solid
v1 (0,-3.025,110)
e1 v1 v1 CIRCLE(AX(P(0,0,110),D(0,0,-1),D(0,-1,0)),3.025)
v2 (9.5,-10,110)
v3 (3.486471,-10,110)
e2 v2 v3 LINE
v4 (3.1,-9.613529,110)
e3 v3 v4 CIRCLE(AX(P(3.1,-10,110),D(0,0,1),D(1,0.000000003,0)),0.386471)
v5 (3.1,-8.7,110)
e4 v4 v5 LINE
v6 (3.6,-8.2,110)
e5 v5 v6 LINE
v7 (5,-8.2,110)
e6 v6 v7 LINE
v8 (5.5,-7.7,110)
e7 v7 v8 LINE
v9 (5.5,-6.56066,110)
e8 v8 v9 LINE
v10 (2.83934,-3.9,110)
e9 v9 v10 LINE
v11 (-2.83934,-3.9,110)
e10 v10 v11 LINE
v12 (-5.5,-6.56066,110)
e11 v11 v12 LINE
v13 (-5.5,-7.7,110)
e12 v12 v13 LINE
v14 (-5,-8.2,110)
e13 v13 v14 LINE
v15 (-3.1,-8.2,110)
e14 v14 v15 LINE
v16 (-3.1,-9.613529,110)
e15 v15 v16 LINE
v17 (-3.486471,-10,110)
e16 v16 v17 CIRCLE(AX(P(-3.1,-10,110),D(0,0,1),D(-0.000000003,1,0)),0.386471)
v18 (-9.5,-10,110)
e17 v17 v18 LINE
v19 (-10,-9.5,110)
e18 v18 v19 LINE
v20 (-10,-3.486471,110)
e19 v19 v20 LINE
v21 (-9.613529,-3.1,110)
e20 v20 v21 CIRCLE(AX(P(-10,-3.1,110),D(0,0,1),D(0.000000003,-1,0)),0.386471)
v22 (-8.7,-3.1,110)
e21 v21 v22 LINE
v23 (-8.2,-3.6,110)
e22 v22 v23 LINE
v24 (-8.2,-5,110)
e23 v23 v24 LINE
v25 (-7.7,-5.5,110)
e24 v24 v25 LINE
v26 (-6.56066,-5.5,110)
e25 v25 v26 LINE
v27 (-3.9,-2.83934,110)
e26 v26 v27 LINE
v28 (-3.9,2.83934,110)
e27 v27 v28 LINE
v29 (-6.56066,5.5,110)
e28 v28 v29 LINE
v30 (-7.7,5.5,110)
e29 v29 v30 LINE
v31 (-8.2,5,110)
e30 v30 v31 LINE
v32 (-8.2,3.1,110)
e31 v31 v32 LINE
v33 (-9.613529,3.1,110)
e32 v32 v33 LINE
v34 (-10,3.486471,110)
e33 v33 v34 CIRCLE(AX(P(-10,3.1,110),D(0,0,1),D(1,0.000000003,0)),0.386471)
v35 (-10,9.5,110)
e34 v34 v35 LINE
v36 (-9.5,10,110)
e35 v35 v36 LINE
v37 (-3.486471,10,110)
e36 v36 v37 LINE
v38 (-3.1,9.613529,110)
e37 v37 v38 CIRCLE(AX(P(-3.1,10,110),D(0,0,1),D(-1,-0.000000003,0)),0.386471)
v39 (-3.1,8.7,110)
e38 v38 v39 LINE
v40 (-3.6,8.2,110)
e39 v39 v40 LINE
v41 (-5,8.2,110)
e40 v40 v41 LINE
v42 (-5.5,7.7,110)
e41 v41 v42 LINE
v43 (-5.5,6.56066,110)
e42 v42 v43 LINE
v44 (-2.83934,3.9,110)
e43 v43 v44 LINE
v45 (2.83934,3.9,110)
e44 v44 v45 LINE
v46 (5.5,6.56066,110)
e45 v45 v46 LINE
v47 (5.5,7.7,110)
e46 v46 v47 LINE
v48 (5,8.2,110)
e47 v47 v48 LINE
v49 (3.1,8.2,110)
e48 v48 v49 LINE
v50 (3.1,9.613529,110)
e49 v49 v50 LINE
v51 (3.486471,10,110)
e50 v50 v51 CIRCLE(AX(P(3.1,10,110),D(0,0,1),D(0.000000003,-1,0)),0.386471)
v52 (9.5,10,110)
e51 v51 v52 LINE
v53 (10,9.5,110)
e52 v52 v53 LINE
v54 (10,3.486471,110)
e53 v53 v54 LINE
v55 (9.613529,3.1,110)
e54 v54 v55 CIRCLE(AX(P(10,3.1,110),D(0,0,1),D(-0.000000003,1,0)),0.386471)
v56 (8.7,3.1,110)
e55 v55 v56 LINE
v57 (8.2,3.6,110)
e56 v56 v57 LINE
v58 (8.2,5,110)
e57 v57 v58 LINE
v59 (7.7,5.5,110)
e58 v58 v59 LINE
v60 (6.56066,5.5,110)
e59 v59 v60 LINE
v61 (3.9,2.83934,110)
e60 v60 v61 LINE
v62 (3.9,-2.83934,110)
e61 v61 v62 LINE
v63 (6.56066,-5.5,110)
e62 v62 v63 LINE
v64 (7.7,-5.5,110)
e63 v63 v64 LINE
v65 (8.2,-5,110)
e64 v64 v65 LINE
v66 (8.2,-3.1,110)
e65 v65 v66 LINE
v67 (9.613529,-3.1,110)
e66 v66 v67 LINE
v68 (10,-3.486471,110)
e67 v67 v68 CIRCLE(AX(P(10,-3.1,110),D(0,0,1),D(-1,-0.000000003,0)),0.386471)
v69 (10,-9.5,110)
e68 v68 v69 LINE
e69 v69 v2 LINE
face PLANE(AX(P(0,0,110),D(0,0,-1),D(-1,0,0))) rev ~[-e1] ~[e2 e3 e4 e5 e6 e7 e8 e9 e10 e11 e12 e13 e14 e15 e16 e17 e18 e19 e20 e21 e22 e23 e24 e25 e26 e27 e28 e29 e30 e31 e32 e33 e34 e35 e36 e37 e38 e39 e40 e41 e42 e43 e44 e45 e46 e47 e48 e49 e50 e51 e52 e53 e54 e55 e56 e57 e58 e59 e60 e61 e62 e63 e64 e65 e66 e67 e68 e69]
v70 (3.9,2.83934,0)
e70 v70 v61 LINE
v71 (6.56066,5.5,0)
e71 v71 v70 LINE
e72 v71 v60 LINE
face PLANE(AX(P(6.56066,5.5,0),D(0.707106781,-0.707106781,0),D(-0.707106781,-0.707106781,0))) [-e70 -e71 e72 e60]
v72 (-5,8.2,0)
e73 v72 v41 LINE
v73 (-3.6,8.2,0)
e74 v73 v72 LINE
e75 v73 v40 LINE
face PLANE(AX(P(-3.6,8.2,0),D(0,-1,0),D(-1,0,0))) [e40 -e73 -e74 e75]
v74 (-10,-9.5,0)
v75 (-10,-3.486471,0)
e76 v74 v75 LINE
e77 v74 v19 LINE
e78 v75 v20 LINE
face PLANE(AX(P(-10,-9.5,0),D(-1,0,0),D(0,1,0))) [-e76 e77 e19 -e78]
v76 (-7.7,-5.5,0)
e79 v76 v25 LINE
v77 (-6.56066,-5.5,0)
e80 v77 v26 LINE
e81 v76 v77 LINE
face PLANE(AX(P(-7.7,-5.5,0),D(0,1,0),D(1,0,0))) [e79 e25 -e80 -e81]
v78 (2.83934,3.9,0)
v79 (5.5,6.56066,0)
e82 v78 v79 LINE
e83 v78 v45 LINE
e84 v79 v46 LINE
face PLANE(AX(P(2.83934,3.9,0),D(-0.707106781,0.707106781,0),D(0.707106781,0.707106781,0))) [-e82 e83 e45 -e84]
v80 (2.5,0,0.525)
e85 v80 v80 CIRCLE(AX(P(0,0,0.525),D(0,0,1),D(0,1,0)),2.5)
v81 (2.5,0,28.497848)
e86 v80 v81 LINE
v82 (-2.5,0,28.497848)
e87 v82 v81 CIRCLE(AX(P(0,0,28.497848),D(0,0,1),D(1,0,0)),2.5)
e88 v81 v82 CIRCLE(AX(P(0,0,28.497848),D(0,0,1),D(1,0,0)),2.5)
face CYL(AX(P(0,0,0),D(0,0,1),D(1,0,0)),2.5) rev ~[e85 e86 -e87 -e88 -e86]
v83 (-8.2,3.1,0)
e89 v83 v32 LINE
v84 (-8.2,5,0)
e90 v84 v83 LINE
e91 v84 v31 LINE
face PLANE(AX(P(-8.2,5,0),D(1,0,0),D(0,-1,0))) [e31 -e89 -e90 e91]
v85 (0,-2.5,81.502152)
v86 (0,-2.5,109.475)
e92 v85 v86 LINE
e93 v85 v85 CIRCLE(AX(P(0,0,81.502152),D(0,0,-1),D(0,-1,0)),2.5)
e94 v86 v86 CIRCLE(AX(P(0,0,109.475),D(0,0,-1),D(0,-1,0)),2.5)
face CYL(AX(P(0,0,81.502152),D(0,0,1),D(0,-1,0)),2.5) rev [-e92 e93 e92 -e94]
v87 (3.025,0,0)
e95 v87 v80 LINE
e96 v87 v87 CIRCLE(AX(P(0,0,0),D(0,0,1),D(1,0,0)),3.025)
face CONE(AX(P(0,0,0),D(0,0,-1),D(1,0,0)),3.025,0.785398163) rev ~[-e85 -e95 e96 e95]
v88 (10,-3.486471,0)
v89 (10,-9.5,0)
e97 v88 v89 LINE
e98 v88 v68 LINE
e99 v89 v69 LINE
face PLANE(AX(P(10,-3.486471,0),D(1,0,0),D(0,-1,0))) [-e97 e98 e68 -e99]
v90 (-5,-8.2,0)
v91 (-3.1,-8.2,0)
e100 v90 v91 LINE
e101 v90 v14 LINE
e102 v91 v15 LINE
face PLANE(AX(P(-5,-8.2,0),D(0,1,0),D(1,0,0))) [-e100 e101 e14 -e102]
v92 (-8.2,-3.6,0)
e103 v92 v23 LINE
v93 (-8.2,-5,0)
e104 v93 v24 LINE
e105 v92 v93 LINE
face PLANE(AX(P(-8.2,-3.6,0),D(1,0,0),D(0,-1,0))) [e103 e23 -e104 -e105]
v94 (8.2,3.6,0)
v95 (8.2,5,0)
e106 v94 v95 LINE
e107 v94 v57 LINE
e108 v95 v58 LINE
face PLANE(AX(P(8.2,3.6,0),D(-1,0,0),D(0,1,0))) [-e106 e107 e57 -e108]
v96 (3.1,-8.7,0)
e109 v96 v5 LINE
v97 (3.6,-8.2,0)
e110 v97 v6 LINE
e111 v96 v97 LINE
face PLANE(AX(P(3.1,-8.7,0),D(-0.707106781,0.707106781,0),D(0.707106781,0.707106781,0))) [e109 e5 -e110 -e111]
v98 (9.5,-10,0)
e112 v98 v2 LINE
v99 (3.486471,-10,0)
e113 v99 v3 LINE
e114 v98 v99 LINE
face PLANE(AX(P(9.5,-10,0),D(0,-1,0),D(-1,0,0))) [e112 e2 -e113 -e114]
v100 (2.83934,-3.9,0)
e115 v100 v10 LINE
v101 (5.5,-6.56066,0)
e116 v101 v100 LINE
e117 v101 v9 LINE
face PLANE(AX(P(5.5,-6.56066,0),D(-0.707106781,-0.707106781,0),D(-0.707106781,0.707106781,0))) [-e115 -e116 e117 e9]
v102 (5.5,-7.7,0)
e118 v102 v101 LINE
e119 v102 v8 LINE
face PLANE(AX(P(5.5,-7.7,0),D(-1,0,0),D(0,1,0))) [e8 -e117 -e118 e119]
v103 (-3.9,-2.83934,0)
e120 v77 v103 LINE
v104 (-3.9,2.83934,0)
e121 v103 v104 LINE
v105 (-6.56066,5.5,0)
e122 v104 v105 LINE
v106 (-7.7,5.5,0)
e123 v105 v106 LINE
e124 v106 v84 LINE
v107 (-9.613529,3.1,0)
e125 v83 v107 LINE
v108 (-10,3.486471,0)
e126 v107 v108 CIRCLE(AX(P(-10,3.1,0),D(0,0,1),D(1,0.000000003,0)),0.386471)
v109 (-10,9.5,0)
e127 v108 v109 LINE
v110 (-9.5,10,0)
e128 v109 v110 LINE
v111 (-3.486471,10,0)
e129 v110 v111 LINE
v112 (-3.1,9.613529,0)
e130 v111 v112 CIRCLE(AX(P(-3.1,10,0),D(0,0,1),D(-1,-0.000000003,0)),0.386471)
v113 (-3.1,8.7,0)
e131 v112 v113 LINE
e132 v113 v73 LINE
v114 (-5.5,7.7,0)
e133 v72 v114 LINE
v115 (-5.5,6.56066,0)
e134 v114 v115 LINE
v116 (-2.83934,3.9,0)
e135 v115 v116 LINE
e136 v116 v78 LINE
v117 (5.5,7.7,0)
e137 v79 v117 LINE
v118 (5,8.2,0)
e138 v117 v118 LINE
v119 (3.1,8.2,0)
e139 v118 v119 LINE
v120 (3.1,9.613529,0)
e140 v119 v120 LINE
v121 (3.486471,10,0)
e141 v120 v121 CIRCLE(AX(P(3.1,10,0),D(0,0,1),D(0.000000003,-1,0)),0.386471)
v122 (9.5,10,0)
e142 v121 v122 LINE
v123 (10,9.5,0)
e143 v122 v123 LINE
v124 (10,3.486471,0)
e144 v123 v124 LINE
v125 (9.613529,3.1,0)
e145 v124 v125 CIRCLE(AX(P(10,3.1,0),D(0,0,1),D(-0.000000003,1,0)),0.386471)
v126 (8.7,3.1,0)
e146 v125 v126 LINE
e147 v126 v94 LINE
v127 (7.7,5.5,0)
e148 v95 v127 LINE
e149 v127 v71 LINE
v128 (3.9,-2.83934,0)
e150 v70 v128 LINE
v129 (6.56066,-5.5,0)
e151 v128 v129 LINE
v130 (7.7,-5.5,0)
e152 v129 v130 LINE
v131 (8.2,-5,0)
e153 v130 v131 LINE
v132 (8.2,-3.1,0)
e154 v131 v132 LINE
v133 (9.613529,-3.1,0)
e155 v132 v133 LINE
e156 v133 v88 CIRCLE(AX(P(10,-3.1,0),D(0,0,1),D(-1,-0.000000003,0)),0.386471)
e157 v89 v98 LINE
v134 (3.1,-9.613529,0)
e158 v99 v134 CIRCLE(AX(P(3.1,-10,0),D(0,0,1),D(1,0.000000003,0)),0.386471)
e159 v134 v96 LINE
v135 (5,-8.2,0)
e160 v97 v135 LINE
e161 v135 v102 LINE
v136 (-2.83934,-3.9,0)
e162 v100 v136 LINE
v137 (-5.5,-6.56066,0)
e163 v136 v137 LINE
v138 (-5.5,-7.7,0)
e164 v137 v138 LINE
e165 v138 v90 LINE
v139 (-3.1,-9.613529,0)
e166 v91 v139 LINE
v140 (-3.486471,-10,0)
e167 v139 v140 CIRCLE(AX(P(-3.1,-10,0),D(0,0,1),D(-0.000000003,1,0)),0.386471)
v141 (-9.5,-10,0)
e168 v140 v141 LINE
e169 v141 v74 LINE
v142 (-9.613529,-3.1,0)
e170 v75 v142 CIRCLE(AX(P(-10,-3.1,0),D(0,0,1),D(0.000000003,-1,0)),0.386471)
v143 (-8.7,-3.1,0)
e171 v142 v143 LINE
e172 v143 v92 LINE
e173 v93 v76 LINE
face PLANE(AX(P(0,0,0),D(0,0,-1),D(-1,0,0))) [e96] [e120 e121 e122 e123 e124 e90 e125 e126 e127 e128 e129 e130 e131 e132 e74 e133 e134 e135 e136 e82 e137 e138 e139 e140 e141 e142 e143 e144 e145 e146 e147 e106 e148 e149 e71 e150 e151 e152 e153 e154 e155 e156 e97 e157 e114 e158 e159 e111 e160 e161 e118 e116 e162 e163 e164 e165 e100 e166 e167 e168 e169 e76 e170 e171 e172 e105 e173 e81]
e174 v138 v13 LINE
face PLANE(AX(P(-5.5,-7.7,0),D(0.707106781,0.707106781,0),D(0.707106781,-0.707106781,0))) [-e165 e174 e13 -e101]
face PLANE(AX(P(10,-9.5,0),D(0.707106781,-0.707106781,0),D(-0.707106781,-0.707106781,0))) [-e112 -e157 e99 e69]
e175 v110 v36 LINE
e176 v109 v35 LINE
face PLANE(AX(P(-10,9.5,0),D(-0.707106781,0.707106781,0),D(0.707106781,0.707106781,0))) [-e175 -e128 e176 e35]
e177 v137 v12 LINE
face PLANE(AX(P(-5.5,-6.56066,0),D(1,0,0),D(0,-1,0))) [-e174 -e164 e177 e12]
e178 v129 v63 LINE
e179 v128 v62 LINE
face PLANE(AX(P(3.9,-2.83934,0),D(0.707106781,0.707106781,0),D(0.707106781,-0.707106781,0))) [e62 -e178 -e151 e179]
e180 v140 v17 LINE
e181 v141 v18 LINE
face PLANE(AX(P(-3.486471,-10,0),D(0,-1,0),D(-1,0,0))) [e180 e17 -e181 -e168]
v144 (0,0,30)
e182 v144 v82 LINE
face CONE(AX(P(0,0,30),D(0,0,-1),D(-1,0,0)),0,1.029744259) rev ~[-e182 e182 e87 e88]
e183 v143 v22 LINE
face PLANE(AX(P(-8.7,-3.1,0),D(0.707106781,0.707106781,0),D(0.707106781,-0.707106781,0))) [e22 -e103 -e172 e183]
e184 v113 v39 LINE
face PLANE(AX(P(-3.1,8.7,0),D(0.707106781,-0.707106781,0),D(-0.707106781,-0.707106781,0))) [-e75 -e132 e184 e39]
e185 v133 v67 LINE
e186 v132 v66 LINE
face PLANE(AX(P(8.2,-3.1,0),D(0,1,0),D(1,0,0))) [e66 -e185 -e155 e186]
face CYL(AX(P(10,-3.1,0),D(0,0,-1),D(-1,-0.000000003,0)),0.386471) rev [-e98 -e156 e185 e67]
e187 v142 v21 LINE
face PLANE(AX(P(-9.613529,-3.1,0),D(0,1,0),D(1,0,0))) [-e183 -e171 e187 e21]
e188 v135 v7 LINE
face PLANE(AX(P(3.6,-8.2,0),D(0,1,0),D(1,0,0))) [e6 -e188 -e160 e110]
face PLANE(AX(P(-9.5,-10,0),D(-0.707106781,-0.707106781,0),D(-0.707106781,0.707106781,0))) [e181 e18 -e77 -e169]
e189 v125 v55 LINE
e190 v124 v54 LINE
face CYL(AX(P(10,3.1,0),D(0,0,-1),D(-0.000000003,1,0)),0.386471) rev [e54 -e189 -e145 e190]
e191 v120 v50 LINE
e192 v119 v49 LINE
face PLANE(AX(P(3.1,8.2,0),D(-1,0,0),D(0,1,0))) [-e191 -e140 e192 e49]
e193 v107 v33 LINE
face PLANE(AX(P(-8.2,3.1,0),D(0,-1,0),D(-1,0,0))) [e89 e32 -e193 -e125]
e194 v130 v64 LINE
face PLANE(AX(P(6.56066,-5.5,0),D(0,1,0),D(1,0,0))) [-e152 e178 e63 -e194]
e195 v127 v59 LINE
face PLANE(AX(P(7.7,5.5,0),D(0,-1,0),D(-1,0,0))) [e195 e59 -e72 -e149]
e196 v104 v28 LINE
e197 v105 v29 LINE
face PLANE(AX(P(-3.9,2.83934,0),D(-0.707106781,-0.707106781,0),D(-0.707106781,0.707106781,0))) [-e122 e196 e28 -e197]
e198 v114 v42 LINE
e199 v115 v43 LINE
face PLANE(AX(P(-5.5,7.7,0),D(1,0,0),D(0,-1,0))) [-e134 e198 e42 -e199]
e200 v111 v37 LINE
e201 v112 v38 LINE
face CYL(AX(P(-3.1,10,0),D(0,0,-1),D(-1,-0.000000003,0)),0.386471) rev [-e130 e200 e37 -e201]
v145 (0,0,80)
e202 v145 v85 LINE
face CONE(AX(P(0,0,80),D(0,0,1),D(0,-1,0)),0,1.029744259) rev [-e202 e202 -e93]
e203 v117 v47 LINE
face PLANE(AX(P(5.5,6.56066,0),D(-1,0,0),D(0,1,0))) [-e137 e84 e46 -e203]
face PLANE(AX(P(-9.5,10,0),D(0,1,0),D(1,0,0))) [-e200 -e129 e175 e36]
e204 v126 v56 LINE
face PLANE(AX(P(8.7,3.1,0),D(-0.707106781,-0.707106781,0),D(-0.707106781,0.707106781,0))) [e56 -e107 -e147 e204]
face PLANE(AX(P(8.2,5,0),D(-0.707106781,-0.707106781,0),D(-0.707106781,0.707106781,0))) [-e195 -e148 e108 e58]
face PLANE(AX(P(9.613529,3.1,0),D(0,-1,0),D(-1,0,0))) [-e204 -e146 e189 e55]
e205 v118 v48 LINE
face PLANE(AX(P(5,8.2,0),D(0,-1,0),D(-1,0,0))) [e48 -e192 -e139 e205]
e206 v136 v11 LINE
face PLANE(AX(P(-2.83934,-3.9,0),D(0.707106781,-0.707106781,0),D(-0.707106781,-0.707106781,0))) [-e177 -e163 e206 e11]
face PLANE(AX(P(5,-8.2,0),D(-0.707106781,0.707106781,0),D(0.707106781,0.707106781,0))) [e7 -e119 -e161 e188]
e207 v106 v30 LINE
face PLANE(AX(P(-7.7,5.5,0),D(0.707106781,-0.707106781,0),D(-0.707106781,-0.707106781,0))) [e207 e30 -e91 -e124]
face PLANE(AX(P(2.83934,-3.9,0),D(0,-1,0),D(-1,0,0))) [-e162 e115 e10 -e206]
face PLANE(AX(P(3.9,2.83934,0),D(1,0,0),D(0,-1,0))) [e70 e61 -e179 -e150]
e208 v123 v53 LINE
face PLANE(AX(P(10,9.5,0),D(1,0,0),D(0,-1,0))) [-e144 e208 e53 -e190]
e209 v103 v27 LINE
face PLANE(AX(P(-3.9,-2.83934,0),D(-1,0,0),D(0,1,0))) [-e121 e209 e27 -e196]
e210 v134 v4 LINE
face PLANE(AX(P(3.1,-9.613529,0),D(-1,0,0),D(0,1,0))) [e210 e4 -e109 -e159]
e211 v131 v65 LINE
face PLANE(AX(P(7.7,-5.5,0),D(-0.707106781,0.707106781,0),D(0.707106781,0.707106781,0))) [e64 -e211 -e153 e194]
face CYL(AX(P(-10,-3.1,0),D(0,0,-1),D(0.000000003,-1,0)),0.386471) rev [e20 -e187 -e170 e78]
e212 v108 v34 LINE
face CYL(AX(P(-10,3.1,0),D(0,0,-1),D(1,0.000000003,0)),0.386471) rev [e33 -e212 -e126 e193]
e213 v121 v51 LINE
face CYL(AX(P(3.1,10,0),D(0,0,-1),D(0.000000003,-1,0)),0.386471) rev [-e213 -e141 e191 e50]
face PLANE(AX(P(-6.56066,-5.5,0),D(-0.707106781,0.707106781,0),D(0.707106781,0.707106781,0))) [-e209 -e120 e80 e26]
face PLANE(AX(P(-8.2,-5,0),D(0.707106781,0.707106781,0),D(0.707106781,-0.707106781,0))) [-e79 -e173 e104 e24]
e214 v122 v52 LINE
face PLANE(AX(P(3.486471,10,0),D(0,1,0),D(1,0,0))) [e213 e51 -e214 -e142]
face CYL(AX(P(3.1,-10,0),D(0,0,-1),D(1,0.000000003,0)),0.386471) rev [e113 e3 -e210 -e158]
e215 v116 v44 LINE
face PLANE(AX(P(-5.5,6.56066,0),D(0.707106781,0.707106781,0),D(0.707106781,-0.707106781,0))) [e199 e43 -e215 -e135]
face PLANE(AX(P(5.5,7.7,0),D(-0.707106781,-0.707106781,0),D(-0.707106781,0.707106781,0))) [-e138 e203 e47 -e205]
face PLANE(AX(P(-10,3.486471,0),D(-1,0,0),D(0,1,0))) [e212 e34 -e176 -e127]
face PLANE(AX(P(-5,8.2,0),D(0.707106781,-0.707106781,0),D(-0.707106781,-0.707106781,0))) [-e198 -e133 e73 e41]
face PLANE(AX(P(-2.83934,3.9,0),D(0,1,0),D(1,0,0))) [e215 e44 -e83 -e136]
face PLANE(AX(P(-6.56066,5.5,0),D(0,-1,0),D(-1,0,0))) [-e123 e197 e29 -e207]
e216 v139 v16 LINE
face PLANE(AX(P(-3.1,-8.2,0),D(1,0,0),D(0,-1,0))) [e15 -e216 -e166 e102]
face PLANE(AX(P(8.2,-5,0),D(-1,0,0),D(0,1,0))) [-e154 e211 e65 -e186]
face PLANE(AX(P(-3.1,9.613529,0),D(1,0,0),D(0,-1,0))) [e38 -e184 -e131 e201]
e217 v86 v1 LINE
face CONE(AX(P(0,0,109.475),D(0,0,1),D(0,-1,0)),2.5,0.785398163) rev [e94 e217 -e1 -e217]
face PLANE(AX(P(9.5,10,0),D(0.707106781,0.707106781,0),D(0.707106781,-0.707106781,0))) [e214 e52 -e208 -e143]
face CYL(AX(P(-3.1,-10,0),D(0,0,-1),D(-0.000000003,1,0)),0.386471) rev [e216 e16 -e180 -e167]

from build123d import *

# Parameters (mm, degrees)
BOSS_EXTRUDE1_DEPTH             = 110
M6X1_0_TAPPED_HOLE2_D           = 5
M6X1_0_TAPPED_HOLE2_DEPTH       = 28.497848452
M6X1_0_TAPPED_HOLE2_CSINK_D     = 6.05
M6X1_0_TAPPED_HOLE2_CSINK_ANGLE = 90
M6X1_0_TAPPED_HOLE2_TIP         = 1.502151548


with BuildPart() as part:
    # Sketch1 → Boss-Extrude1 (new body)
    with BuildSketch(Plane.XY):
        with BuildLine():
            Line((-9.5, 10), (-3.486470896, 10))
            ThreePointArc((-3.486470896, 10), (-3.373276191, 9.726723809), (-3.1, 9.613529104))
            Line((-3.1, 9.613529104), (-3.1, 8.7))
            Line((-3.1, 8.7), (-3.6, 8.2))
            Line((-3.6, 8.2), (-5, 8.2))
            Line((-5, 8.2), (-5.5, 7.7))
            Line((-5.5, 7.7), (-5.5, 6.560660172))
            Line((-5.5, 6.560660172), (-2.839339828, 3.9))
            Line((-2.839339828, 3.9), (0, 3.9))
            Line((0, 3.9), (2.839339828, 3.9))
            Line((2.839339828, 3.9), (5.5, 6.560660172))
            Line((5.5, 6.560660172), (5.5, 7.7))
            Line((5.5, 7.7), (5, 8.2))
            Line((5, 8.2), (3.1, 8.2))
            Line((3.1, 8.2), (3.1, 9.613529104))
            ThreePointArc((3.1, 9.613529104), (3.373276191, 9.726723809), (3.486470896, 10))
            Line((3.486470896, 10), (9.5, 10))
            Line((9.5, 10), (10, 9.5))
            Line((10, 9.5), (10, 3.486470896))
            ThreePointArc((10, 3.486470896), (9.726723809, 3.373276191), (9.613529104, 3.1))
            Line((9.613529104, 3.1), (8.7, 3.1))
            Line((8.7, 3.1), (8.2, 3.6))
            Line((8.2, 3.6), (8.2, 5))
            Line((8.2, 5), (7.7, 5.5))
            Line((7.7, 5.5), (6.560660172, 5.5))
            Line((6.560660172, 5.5), (3.9, 2.839339828))
            Line((3.9, 2.839339828), (3.9, 0))
            Line((3.9, 0), (3.9, -2.839339828))
            Line((3.9, -2.839339828), (6.560660172, -5.5))
            Line((6.560660172, -5.5), (7.7, -5.5))
            Line((7.7, -5.5), (8.2, -5))
            Line((8.2, -5), (8.2, -3.1))
            Line((8.2, -3.1), (9.613529104, -3.1))
            ThreePointArc((9.613529104, -3.1), (9.726723809, -3.373276191), (10, -3.486470896))
            Line((10, -3.486470896), (10, -9.5))
            Line((10, -9.5), (9.5, -10))
            Line((9.5, -10), (3.486470896, -10))
            ThreePointArc((3.486470896, -10), (3.373276191, -9.726723809), (3.1, -9.613529104))
            Line((3.1, -9.613529104), (3.1, -8.7))
            Line((3.1, -8.7), (3.6, -8.2))
            Line((3.6, -8.2), (5, -8.2))
            Line((5, -8.2), (5.5, -7.7))
            Line((5.5, -7.7), (5.5, -6.560660172))
            Line((5.5, -6.560660172), (2.839339828, -3.9))
            Line((2.839339828, -3.9), (0, -3.9))
            Line((0, -3.9), (-2.839339828, -3.9))
            Line((-2.839339828, -3.9), (-5.5, -6.560660172))
            Line((-5.5, -6.560660172), (-5.5, -7.7))
            Line((-5.5, -7.7), (-5, -8.2))
            Line((-5, -8.2), (-3.1, -8.2))
            Line((-3.1, -8.2), (-3.1, -9.613529104))
            ThreePointArc((-3.1, -9.613529104), (-3.373276191, -9.726723809), (-3.486470896, -10))
            Line((-3.486470896, -10), (-9.5, -10))
            Line((-9.5, -10), (-10, -9.5))
            Line((-10, -9.5), (-10, -3.486470896))
            ThreePointArc((-10, -3.486470896), (-9.726723809, -3.373276191), (-9.613529104, -3.1))
            Line((-9.613529104, -3.1), (-8.7, -3.1))
            Line((-8.7, -3.1), (-8.2, -3.6))
            Line((-8.2, -3.6), (-8.2, -5))
            Line((-8.2, -5), (-7.7, -5.5))
            Line((-7.7, -5.5), (-6.560660172, -5.5))
            Line((-6.560660172, -5.5), (-3.9, -2.839339828))
            Line((-3.9, -2.839339828), (-3.9, 0))
            Line((-3.9, 0), (-3.9, 2.839339828))
            Line((-3.9, 2.839339828), (-6.560660172, 5.5))
            Line((-6.560660172, 5.5), (-7.7, 5.5))
            Line((-7.7, 5.5), (-8.2, 5))
            Line((-8.2, 5), (-8.2, 3.1))
            Line((-8.2, 3.1), (-9.613529104, 3.1))
            ThreePointArc((-9.613529104, 3.1), (-9.726723809, 3.373276191), (-10, 3.486470896))
            Line((-10, 3.486470896), (-10, 9.5))
            Line((-10, 9.5), (-9.5, 10))
        make_face()
    extrude(amount=BOSS_EXTRUDE1_DEPTH)

    # Sketch2 → M6x1.0 Tapped Hole1 (revolve, cut)
    with BuildSketch(Plane(origin=(0, 0, 110), x_dir=(0, -1, 0), z_dir=(1, 0, 0))):
        Polygon((0, 0), (0, 30), (2.5, 28.497848452), (2.5, 0.525), (3.025, 0), align=None)
    revolve(axis=Axis((0, 0, 116.35), (0, 0, -1)), mode=Mode.SUBTRACT)

    # M6x1.0 Tapped Hole2
    with Locations(Plane(origin=(0, 0, 0), x_dir=(-1, 0, 0), z_dir=(0, 0, -1))):
        with Locations((0, 0)):
            CounterSinkHole(M6X1_0_TAPPED_HOLE2_D / 2, M6X1_0_TAPPED_HOLE2_CSINK_D / 2, depth=M6X1_0_TAPPED_HOLE2_DEPTH, counter_sink_angle=M6X1_0_TAPPED_HOLE2_CSINK_ANGLE)
            with Locations((0, 0, -(M6X1_0_TAPPED_HOLE2_DEPTH + M6X1_0_TAPPED_HOLE2_TIP / 2))):  # 118° drill point
                Cone(0, M6X1_0_TAPPED_HOLE2_D / 2, M6X1_0_TAPPED_HOLE2_TIP, mode=Mode.SUBTRACT)


solid = part.part
